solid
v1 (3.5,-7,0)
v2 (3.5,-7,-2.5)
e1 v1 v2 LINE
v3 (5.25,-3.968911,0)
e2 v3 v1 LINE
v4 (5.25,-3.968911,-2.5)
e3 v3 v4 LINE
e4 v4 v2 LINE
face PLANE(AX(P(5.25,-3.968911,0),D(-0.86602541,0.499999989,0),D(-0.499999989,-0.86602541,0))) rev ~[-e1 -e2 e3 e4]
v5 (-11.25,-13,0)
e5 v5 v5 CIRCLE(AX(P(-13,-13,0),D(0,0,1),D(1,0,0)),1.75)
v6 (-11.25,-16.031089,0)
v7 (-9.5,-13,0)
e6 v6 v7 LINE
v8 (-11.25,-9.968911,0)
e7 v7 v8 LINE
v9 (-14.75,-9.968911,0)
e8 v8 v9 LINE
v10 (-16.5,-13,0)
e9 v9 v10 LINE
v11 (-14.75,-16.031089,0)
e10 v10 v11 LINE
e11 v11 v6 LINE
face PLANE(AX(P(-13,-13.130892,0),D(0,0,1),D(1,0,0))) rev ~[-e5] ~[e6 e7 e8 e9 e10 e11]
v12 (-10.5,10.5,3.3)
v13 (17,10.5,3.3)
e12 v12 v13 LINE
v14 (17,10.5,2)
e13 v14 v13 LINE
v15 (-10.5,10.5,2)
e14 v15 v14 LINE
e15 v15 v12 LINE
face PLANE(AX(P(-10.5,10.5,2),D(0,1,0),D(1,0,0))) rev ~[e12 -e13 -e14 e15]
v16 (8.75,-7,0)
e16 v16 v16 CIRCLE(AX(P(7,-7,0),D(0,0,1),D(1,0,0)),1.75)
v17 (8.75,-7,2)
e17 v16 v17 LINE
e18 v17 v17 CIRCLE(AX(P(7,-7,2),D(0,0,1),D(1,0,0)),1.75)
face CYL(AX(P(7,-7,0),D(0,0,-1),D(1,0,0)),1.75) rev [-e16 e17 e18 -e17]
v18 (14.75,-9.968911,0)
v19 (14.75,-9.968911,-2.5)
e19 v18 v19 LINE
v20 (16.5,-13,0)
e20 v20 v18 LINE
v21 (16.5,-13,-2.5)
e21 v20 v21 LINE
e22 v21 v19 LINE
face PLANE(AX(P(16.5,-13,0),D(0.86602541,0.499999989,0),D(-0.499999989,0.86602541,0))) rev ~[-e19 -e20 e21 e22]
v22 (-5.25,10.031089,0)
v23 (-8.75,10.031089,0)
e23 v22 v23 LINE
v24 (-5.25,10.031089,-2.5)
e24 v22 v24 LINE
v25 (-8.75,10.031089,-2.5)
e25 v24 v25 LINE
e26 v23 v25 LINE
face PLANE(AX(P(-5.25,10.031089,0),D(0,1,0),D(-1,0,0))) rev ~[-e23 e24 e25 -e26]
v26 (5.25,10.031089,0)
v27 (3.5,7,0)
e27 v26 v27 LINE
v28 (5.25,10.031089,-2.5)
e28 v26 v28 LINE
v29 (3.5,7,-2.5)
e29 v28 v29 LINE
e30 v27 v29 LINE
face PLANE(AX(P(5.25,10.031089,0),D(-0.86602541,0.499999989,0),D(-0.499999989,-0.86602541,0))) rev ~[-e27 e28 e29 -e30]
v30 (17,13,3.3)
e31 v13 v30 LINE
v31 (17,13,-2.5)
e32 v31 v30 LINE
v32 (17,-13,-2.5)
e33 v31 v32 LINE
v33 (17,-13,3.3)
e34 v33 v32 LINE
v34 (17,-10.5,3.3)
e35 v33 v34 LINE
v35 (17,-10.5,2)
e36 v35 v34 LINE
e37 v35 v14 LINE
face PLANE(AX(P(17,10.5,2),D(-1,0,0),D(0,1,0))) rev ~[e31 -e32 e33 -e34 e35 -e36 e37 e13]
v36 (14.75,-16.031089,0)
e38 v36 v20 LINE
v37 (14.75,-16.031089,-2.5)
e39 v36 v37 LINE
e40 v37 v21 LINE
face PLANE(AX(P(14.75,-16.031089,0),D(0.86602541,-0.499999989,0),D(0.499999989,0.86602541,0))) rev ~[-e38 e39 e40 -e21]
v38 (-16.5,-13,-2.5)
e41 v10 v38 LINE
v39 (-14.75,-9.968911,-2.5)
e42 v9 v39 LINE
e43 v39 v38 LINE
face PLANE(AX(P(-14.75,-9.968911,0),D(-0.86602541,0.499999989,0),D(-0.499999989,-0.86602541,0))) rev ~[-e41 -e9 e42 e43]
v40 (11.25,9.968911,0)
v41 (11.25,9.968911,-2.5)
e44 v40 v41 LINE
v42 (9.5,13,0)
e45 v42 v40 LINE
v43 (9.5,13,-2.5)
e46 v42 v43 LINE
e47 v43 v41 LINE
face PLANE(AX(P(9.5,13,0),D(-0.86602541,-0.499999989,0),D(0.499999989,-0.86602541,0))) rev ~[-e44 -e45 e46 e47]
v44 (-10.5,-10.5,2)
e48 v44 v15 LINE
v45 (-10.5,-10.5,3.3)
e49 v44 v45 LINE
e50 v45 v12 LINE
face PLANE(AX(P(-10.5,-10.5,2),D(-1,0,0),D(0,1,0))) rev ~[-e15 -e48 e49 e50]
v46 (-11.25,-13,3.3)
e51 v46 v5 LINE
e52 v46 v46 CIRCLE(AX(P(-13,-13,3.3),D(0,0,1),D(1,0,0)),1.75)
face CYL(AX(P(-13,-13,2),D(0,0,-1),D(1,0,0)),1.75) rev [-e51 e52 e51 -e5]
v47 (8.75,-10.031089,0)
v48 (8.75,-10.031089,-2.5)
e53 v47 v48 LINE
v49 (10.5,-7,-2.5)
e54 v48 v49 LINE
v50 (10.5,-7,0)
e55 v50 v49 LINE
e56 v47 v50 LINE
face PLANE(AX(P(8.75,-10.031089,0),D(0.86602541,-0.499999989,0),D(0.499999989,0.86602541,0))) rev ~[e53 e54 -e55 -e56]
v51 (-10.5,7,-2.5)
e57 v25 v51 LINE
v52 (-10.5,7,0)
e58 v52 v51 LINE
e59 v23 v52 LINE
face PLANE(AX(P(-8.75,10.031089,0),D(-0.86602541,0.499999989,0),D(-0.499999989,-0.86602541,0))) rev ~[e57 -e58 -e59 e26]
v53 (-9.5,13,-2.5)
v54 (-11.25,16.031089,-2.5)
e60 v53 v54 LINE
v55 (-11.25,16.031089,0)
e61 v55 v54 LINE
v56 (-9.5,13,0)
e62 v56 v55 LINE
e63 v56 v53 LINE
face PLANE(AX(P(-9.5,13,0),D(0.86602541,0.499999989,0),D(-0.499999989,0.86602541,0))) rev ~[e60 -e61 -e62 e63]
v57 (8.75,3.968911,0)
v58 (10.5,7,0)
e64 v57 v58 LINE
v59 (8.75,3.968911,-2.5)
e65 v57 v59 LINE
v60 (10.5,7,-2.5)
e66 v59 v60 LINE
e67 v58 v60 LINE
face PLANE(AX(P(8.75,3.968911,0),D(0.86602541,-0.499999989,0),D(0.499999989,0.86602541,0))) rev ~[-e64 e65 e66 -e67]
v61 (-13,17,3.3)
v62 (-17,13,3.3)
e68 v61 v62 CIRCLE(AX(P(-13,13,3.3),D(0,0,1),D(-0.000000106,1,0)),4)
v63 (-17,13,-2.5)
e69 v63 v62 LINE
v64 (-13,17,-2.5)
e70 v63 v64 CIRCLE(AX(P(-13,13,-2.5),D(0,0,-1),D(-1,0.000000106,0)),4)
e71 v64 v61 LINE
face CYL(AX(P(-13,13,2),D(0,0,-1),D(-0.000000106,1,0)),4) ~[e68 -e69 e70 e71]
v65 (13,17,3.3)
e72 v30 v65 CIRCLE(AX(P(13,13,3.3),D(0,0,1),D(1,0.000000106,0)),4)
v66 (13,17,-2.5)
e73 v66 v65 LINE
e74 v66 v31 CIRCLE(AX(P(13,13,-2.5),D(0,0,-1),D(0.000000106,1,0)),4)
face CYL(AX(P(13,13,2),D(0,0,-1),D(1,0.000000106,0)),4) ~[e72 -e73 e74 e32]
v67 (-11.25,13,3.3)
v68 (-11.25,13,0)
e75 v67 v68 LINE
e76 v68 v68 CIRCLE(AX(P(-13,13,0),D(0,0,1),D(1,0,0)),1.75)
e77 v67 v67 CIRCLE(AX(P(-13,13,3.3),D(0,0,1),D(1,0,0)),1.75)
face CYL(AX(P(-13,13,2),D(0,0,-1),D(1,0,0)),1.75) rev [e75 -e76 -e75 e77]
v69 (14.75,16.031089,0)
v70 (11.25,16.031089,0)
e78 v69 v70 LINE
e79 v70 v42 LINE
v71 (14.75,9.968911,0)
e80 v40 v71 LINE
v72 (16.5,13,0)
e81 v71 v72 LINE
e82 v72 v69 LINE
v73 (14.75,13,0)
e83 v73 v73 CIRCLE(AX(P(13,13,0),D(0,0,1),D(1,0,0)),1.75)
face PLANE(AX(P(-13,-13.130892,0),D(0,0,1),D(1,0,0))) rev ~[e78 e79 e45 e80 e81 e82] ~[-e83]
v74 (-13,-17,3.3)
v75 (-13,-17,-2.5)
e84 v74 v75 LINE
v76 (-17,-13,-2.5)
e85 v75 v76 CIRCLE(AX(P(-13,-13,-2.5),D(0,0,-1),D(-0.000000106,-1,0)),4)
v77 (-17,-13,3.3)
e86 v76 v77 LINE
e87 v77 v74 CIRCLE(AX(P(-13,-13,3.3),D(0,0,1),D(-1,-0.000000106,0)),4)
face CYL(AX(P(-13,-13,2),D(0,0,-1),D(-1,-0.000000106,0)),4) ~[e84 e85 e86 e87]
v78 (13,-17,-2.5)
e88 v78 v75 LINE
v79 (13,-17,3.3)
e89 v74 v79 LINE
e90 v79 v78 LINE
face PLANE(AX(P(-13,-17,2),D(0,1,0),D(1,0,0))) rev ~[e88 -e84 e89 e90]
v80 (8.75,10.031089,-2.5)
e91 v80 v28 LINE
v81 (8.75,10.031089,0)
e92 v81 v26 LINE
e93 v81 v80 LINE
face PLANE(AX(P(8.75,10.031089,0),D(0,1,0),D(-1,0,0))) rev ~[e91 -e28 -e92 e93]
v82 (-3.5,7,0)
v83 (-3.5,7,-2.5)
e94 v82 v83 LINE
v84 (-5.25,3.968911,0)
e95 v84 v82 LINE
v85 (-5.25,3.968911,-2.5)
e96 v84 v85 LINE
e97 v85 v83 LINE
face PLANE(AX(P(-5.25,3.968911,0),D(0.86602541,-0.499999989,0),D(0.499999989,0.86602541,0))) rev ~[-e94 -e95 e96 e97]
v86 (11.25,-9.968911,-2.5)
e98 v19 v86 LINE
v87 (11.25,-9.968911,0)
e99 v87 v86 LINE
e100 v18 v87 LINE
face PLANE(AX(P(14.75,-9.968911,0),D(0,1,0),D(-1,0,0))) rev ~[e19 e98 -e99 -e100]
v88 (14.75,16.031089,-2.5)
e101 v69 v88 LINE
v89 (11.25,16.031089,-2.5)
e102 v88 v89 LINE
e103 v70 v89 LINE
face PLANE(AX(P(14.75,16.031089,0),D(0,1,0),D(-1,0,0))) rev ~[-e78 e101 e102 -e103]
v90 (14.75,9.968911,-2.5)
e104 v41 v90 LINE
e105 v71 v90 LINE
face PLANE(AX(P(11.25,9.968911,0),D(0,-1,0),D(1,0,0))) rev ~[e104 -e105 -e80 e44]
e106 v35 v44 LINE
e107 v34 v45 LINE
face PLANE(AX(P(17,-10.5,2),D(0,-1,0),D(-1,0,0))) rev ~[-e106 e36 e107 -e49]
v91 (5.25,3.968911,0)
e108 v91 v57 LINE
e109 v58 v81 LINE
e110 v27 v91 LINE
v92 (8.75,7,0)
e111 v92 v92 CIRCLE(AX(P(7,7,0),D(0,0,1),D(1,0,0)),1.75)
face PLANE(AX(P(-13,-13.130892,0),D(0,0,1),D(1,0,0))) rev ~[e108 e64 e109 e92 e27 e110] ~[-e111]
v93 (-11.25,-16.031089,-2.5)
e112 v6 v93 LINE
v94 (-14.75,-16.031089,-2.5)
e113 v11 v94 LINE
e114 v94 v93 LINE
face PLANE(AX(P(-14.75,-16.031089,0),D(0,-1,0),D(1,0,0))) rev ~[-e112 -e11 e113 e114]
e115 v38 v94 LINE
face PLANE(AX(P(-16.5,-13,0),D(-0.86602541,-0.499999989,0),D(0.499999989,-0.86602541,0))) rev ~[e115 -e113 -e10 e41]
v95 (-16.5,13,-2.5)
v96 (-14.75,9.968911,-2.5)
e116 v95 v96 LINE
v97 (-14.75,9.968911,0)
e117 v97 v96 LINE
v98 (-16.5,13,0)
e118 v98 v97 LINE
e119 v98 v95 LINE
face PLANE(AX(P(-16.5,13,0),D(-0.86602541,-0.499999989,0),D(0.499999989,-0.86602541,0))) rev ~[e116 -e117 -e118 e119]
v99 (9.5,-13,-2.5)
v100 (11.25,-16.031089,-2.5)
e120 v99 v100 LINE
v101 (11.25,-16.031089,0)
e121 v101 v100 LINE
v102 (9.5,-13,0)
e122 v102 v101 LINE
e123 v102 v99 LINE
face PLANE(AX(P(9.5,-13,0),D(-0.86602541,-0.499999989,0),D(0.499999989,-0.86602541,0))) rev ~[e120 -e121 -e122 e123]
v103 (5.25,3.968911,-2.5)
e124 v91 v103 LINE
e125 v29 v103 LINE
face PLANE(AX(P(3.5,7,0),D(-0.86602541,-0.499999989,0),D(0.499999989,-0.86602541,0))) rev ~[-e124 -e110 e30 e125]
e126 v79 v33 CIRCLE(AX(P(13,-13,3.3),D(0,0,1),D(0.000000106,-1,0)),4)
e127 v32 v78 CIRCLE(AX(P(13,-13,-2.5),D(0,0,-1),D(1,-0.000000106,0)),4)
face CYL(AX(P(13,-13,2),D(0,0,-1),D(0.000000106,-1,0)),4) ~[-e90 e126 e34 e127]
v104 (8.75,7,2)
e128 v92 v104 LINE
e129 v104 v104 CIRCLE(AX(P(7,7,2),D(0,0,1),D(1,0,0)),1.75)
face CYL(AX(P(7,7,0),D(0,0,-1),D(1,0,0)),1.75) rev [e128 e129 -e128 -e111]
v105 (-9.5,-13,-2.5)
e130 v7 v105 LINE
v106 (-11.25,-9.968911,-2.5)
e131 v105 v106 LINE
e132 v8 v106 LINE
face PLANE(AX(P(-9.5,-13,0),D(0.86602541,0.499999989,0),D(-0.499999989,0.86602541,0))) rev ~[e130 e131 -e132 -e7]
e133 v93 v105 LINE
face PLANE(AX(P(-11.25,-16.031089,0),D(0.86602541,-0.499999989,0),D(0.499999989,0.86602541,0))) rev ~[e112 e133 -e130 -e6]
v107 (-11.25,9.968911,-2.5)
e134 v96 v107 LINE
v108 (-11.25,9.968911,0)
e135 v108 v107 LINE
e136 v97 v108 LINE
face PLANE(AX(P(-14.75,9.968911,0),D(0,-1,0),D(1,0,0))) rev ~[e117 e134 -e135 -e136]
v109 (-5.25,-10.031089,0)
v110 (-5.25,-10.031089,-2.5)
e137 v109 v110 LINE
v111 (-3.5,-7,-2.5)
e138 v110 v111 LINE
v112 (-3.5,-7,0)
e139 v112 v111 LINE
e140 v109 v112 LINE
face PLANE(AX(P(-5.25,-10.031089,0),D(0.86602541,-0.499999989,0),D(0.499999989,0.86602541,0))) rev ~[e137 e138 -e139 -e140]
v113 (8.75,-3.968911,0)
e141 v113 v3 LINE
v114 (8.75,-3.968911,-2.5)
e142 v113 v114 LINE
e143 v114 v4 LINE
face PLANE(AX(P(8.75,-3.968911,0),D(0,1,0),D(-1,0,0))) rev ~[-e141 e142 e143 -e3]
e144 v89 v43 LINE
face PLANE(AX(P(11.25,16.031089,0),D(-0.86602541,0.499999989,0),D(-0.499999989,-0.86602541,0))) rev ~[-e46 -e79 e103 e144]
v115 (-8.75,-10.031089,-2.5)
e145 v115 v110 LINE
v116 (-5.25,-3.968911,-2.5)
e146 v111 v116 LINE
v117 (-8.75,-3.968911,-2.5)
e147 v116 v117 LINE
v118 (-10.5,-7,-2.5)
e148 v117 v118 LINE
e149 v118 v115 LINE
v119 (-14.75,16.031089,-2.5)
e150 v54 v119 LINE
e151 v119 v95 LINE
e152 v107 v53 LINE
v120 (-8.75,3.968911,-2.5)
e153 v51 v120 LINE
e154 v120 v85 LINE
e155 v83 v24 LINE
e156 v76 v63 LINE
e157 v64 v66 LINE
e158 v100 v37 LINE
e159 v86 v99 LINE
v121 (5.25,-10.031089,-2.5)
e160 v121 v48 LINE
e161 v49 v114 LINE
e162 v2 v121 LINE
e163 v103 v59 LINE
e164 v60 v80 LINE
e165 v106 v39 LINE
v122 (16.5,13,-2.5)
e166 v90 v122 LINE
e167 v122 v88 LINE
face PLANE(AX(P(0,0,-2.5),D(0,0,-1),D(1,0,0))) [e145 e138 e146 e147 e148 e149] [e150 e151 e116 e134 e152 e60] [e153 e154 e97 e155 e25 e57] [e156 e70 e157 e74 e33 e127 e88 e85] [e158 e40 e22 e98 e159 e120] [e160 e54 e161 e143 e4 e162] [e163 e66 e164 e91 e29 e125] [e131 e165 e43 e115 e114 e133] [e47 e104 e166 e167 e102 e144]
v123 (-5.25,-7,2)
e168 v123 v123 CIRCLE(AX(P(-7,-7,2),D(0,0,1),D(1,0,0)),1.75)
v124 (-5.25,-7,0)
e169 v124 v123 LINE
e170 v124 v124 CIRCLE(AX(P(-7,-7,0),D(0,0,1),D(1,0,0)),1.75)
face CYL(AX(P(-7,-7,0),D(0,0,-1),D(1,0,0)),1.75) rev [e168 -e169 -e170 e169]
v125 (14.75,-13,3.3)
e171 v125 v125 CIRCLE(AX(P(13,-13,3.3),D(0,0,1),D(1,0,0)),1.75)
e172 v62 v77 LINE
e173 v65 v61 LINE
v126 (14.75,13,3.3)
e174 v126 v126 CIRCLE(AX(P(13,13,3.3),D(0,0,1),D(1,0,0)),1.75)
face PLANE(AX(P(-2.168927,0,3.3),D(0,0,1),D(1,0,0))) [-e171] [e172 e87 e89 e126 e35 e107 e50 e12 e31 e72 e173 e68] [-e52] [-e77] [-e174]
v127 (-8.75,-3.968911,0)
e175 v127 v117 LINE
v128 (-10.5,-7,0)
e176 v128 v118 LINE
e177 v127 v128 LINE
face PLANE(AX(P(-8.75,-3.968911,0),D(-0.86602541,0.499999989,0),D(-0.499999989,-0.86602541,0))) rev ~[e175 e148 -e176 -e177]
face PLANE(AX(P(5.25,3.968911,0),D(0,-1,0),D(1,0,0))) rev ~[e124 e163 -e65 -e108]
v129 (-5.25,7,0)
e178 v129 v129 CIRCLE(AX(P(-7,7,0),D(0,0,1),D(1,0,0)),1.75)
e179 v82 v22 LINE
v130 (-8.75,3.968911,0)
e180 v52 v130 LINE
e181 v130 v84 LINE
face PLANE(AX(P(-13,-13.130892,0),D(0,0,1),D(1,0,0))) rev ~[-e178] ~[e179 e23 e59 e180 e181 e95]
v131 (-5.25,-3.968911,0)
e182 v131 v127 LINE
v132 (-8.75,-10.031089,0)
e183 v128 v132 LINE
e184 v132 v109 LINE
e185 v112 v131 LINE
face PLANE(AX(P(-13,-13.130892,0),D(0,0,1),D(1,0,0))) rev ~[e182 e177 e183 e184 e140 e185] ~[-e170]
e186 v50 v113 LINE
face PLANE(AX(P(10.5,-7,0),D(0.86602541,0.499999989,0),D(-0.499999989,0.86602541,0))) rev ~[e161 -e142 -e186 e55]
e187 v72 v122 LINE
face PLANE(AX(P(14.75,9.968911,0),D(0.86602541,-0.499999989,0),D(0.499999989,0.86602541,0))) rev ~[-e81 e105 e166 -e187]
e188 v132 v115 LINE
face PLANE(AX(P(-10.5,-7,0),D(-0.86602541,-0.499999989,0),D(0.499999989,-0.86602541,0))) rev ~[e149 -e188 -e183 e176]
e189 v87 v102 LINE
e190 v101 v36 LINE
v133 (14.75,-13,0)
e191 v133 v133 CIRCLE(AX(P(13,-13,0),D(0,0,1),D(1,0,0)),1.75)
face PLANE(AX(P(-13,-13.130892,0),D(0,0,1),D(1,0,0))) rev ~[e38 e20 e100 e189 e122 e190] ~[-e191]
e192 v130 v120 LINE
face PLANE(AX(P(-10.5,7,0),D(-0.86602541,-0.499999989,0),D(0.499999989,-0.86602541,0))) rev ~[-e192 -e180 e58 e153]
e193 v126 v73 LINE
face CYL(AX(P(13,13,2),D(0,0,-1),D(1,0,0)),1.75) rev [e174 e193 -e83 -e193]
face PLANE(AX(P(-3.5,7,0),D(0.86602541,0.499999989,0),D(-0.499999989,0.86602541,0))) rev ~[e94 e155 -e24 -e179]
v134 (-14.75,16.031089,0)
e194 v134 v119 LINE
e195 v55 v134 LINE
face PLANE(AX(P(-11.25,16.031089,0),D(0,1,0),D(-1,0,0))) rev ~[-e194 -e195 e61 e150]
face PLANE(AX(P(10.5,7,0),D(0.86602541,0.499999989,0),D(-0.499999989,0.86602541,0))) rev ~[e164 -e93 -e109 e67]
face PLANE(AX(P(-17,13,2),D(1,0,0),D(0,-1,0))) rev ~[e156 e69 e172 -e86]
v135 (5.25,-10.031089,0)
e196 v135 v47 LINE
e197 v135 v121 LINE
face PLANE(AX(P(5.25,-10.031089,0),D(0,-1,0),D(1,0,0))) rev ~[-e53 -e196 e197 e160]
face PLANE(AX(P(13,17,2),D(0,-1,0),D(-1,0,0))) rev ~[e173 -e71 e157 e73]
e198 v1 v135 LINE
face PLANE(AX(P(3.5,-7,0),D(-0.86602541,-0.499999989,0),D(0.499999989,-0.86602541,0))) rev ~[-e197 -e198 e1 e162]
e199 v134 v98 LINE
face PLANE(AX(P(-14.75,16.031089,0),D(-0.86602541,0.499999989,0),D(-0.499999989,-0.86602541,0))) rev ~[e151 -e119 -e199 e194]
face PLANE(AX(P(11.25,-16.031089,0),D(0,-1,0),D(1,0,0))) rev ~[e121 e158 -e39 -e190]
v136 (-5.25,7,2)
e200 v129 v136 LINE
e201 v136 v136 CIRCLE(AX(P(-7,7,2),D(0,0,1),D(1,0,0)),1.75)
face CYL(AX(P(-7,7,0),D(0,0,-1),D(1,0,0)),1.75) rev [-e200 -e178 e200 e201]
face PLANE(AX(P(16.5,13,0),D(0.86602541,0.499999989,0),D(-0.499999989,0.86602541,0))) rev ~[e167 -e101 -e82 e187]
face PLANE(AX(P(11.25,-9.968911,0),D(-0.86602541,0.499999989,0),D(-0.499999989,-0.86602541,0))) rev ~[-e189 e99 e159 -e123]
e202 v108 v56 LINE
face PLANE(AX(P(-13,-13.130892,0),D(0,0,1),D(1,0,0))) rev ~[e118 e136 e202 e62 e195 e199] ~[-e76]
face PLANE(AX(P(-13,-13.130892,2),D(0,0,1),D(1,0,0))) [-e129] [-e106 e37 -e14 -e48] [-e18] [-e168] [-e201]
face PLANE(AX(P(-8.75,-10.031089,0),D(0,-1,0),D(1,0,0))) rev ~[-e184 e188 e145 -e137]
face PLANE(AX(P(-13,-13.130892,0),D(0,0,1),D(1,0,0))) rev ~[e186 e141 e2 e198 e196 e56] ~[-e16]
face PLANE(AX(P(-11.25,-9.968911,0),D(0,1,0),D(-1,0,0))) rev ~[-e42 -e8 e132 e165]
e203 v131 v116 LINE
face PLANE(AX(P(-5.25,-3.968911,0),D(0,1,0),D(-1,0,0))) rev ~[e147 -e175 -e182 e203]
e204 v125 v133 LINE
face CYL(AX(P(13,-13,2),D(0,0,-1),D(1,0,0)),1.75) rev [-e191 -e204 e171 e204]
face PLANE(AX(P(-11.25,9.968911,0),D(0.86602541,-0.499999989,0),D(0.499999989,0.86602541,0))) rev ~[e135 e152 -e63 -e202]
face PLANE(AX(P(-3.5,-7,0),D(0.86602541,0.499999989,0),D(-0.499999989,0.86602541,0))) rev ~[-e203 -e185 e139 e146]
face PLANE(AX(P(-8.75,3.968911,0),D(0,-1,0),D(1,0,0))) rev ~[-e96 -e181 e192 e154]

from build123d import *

# Parameters (mm, degrees)
F0_R     = 1.75
F1_DEPTH = 2
F3_DEPTH = 2.5
F4_R     = 1.75
F5_DEPTH = 1.3


with BuildPart() as f1:
    # F0 (on Top) → F1 (new body)
    with BuildSketch(Plane.XY):
        with BuildLine():
            ThreePointArc((-13, -17), (-10.171573, -15.828427), (-9, -13))
            ThreePointArc((-9, -13), (-13, -9), (-17, -13))
            ThreePointArc((-17, -13), (-15.828427, -15.828427), (-13, -17))
        make_face()
        with Locations((-13, -13)):
            Circle(F0_R, mode=Mode.SUBTRACT)
        with BuildLine():
            ThreePointArc((-17, -13), (-13, -9), (-9, -13))
            ThreePointArc((-9, -13), (-10.171573, -15.828427), (-13, -17))
            Line((-13, -17), (13, -17))
            ThreePointArc((13, -17), (10.171573, -10.171573), (17, -13))
            Line((17, -13), (17, 13))
            ThreePointArc((17, 13), (10.171573, 10.171573), (13, 17))
            Line((13, 17), (-13, 17))
            ThreePointArc((-13, 17), (-10.171573, 15.828427), (-9, 13))
            ThreePointArc((-9, 13), (-13, 9), (-17, 13))
            Line((-17, 13), (-17, -13))
        make_face()
        with Locations((-7, -7)):
            Circle(F0_R, mode=Mode.SUBTRACT)
        with Locations((7, -7)):
            Circle(F0_R, mode=Mode.SUBTRACT)
        with Locations((-7, 7)):
            Circle(F0_R, mode=Mode.SUBTRACT)
        with Locations((7, 7)):
            Circle(F0_R, mode=Mode.SUBTRACT)
        with BuildLine():
            ThreePointArc((-13, 17), (-15.828427, 15.828427), (-17, 13))
            ThreePointArc((-17, 13), (-13, 9), (-9, 13))
            ThreePointArc((-9, 13), (-10.171573, 15.828427), (-13, 17))
        make_face()
        with Locations((-13, 13)):
            Circle(F0_R, mode=Mode.SUBTRACT)
        with BuildLine():
            ThreePointArc((17, -13), (10.171573, -10.171573), (13, -17))
            ThreePointArc((13, -17), (15.828427, -15.828427), (17, -13))
        make_face()
        with Locations((13, -13)):
            Circle(F0_R, mode=Mode.SUBTRACT)
        with BuildLine():
            ThreePointArc((17, 13), (15.828427, 15.828427), (13, 17))
            ThreePointArc((13, 17), (10.171573, 10.171573), (17, 13))
        make_face()
        with Locations((13, 13)):
            Circle(F0_R, mode=Mode.SUBTRACT)
    extrude(amount=F1_DEPTH)

    # F2 (on face) → F3 (join)
    with BuildSketch(Plane(origin=(0, 0, 0), x_dir=(1, 0, 0), z_dir=(0, 0, -1))):
        with BuildLine():
            ThreePointArc((-13, 17), (-15.828427, 15.828427), (-17, 13))
            Line((-17, 13), (-17, -13))
            ThreePointArc((-17, -13), (-15.828427, -15.828427), (-13, -17))
            Line((-13, -17), (13, -17))
            ThreePointArc((13, -17), (15.828427, -15.828427), (17, -13))
            Line((17, -13), (17, 13))
            ThreePointArc((17, 13), (15.828427, 15.828427), (13, 17))
            Line((13, 17), (-13, 17))
        make_face()
        Polygon((-11.25, -9.968911), (-9.5, -13), (-11.25, -16.031089), (-14.75, -16.031089), (-16.5, -13), (-14.75, -9.968911), align=None, mode=Mode.SUBTRACT)
        Polygon((-5.25, -3.968911), (-3.5, -7), (-5.25, -10.031089), (-8.75, -10.031089), (-10.5, -7), (-8.75, -3.968911), align=None, mode=Mode.SUBTRACT)
        Polygon((14.75, -9.968911), (16.5, -13), (14.75, -16.031089), (11.25, -16.031089), (9.5, -13), (11.25, -9.968911), align=None, mode=Mode.SUBTRACT)
        Polygon((8.75, -3.968911), (10.5, -7), (8.75, -10.031089), (5.25, -10.031089), (3.5, -7), (5.25, -3.968911), align=None, mode=Mode.SUBTRACT)
        Polygon((-8.75, 10.031089), (-5.25, 10.031089), (-3.5, 7), (-5.25, 3.968911), (-8.75, 3.968911), (-10.5, 7), align=None, mode=Mode.SUBTRACT)
        Polygon((-11.25, 16.031089), (-9.5, 13), (-11.25, 9.968911), (-14.75, 9.968911), (-16.5, 13), (-14.75, 16.031089), align=None, mode=Mode.SUBTRACT)
        Polygon((8.75, 10.031089), (10.5, 7), (8.75, 3.968911), (5.25, 3.968911), (3.5, 7), (5.25, 10.031089), align=None, mode=Mode.SUBTRACT)
        Polygon((11.25, 16.031089), (14.75, 16.031089), (16.5, 13), (14.75, 9.968911), (11.25, 9.968911), (9.5, 13), align=None, mode=Mode.SUBTRACT)
    extrude(amount=F3_DEPTH)

    # F4 (on face) → F5 (join)
    with BuildSketch(Plane.XY.offset(2)):
        with BuildLine():
            Line((-10.5, 10.5), (10.5, 10.5))
            Line((10.5, 10.5), (17, 10.5))
            Line((17, 10.5), (17, 13))
            ThreePointArc((17, 13), (15.828427, 15.828427), (13, 17))
            Line((13, 17), (-13, 17))
            ThreePointArc((-13, 17), (-15.828427, 15.828427), (-17, 13))
            Line((-17, 13), (-17, -13))
            ThreePointArc((-17, -13), (-15.828427, -15.828427), (-13, -17))
            Line((-13, -17), (13, -17))
            ThreePointArc((13, -17), (15.828427, -15.828427), (17, -13))
            Line((17, -13), (17, -10.5))
            Line((17, -10.5), (10.5, -10.5))
            Line((10.5, -10.5), (-10.5, -10.5))
            Line((-10.5, -10.5), (-10.5, 10.5))
        make_face()
        with Locations((-13, -13)):
            Circle(F4_R, mode=Mode.SUBTRACT)
        with Locations((13, -13)):
            Circle(F4_R, mode=Mode.SUBTRACT)
        with Locations((-13, 13)):
            Circle(F4_R, mode=Mode.SUBTRACT)
        with Locations((13, 13)):
            Circle(F4_R, mode=Mode.SUBTRACT)
    extrude(amount=F5_DEPTH)


solid = f1.part
